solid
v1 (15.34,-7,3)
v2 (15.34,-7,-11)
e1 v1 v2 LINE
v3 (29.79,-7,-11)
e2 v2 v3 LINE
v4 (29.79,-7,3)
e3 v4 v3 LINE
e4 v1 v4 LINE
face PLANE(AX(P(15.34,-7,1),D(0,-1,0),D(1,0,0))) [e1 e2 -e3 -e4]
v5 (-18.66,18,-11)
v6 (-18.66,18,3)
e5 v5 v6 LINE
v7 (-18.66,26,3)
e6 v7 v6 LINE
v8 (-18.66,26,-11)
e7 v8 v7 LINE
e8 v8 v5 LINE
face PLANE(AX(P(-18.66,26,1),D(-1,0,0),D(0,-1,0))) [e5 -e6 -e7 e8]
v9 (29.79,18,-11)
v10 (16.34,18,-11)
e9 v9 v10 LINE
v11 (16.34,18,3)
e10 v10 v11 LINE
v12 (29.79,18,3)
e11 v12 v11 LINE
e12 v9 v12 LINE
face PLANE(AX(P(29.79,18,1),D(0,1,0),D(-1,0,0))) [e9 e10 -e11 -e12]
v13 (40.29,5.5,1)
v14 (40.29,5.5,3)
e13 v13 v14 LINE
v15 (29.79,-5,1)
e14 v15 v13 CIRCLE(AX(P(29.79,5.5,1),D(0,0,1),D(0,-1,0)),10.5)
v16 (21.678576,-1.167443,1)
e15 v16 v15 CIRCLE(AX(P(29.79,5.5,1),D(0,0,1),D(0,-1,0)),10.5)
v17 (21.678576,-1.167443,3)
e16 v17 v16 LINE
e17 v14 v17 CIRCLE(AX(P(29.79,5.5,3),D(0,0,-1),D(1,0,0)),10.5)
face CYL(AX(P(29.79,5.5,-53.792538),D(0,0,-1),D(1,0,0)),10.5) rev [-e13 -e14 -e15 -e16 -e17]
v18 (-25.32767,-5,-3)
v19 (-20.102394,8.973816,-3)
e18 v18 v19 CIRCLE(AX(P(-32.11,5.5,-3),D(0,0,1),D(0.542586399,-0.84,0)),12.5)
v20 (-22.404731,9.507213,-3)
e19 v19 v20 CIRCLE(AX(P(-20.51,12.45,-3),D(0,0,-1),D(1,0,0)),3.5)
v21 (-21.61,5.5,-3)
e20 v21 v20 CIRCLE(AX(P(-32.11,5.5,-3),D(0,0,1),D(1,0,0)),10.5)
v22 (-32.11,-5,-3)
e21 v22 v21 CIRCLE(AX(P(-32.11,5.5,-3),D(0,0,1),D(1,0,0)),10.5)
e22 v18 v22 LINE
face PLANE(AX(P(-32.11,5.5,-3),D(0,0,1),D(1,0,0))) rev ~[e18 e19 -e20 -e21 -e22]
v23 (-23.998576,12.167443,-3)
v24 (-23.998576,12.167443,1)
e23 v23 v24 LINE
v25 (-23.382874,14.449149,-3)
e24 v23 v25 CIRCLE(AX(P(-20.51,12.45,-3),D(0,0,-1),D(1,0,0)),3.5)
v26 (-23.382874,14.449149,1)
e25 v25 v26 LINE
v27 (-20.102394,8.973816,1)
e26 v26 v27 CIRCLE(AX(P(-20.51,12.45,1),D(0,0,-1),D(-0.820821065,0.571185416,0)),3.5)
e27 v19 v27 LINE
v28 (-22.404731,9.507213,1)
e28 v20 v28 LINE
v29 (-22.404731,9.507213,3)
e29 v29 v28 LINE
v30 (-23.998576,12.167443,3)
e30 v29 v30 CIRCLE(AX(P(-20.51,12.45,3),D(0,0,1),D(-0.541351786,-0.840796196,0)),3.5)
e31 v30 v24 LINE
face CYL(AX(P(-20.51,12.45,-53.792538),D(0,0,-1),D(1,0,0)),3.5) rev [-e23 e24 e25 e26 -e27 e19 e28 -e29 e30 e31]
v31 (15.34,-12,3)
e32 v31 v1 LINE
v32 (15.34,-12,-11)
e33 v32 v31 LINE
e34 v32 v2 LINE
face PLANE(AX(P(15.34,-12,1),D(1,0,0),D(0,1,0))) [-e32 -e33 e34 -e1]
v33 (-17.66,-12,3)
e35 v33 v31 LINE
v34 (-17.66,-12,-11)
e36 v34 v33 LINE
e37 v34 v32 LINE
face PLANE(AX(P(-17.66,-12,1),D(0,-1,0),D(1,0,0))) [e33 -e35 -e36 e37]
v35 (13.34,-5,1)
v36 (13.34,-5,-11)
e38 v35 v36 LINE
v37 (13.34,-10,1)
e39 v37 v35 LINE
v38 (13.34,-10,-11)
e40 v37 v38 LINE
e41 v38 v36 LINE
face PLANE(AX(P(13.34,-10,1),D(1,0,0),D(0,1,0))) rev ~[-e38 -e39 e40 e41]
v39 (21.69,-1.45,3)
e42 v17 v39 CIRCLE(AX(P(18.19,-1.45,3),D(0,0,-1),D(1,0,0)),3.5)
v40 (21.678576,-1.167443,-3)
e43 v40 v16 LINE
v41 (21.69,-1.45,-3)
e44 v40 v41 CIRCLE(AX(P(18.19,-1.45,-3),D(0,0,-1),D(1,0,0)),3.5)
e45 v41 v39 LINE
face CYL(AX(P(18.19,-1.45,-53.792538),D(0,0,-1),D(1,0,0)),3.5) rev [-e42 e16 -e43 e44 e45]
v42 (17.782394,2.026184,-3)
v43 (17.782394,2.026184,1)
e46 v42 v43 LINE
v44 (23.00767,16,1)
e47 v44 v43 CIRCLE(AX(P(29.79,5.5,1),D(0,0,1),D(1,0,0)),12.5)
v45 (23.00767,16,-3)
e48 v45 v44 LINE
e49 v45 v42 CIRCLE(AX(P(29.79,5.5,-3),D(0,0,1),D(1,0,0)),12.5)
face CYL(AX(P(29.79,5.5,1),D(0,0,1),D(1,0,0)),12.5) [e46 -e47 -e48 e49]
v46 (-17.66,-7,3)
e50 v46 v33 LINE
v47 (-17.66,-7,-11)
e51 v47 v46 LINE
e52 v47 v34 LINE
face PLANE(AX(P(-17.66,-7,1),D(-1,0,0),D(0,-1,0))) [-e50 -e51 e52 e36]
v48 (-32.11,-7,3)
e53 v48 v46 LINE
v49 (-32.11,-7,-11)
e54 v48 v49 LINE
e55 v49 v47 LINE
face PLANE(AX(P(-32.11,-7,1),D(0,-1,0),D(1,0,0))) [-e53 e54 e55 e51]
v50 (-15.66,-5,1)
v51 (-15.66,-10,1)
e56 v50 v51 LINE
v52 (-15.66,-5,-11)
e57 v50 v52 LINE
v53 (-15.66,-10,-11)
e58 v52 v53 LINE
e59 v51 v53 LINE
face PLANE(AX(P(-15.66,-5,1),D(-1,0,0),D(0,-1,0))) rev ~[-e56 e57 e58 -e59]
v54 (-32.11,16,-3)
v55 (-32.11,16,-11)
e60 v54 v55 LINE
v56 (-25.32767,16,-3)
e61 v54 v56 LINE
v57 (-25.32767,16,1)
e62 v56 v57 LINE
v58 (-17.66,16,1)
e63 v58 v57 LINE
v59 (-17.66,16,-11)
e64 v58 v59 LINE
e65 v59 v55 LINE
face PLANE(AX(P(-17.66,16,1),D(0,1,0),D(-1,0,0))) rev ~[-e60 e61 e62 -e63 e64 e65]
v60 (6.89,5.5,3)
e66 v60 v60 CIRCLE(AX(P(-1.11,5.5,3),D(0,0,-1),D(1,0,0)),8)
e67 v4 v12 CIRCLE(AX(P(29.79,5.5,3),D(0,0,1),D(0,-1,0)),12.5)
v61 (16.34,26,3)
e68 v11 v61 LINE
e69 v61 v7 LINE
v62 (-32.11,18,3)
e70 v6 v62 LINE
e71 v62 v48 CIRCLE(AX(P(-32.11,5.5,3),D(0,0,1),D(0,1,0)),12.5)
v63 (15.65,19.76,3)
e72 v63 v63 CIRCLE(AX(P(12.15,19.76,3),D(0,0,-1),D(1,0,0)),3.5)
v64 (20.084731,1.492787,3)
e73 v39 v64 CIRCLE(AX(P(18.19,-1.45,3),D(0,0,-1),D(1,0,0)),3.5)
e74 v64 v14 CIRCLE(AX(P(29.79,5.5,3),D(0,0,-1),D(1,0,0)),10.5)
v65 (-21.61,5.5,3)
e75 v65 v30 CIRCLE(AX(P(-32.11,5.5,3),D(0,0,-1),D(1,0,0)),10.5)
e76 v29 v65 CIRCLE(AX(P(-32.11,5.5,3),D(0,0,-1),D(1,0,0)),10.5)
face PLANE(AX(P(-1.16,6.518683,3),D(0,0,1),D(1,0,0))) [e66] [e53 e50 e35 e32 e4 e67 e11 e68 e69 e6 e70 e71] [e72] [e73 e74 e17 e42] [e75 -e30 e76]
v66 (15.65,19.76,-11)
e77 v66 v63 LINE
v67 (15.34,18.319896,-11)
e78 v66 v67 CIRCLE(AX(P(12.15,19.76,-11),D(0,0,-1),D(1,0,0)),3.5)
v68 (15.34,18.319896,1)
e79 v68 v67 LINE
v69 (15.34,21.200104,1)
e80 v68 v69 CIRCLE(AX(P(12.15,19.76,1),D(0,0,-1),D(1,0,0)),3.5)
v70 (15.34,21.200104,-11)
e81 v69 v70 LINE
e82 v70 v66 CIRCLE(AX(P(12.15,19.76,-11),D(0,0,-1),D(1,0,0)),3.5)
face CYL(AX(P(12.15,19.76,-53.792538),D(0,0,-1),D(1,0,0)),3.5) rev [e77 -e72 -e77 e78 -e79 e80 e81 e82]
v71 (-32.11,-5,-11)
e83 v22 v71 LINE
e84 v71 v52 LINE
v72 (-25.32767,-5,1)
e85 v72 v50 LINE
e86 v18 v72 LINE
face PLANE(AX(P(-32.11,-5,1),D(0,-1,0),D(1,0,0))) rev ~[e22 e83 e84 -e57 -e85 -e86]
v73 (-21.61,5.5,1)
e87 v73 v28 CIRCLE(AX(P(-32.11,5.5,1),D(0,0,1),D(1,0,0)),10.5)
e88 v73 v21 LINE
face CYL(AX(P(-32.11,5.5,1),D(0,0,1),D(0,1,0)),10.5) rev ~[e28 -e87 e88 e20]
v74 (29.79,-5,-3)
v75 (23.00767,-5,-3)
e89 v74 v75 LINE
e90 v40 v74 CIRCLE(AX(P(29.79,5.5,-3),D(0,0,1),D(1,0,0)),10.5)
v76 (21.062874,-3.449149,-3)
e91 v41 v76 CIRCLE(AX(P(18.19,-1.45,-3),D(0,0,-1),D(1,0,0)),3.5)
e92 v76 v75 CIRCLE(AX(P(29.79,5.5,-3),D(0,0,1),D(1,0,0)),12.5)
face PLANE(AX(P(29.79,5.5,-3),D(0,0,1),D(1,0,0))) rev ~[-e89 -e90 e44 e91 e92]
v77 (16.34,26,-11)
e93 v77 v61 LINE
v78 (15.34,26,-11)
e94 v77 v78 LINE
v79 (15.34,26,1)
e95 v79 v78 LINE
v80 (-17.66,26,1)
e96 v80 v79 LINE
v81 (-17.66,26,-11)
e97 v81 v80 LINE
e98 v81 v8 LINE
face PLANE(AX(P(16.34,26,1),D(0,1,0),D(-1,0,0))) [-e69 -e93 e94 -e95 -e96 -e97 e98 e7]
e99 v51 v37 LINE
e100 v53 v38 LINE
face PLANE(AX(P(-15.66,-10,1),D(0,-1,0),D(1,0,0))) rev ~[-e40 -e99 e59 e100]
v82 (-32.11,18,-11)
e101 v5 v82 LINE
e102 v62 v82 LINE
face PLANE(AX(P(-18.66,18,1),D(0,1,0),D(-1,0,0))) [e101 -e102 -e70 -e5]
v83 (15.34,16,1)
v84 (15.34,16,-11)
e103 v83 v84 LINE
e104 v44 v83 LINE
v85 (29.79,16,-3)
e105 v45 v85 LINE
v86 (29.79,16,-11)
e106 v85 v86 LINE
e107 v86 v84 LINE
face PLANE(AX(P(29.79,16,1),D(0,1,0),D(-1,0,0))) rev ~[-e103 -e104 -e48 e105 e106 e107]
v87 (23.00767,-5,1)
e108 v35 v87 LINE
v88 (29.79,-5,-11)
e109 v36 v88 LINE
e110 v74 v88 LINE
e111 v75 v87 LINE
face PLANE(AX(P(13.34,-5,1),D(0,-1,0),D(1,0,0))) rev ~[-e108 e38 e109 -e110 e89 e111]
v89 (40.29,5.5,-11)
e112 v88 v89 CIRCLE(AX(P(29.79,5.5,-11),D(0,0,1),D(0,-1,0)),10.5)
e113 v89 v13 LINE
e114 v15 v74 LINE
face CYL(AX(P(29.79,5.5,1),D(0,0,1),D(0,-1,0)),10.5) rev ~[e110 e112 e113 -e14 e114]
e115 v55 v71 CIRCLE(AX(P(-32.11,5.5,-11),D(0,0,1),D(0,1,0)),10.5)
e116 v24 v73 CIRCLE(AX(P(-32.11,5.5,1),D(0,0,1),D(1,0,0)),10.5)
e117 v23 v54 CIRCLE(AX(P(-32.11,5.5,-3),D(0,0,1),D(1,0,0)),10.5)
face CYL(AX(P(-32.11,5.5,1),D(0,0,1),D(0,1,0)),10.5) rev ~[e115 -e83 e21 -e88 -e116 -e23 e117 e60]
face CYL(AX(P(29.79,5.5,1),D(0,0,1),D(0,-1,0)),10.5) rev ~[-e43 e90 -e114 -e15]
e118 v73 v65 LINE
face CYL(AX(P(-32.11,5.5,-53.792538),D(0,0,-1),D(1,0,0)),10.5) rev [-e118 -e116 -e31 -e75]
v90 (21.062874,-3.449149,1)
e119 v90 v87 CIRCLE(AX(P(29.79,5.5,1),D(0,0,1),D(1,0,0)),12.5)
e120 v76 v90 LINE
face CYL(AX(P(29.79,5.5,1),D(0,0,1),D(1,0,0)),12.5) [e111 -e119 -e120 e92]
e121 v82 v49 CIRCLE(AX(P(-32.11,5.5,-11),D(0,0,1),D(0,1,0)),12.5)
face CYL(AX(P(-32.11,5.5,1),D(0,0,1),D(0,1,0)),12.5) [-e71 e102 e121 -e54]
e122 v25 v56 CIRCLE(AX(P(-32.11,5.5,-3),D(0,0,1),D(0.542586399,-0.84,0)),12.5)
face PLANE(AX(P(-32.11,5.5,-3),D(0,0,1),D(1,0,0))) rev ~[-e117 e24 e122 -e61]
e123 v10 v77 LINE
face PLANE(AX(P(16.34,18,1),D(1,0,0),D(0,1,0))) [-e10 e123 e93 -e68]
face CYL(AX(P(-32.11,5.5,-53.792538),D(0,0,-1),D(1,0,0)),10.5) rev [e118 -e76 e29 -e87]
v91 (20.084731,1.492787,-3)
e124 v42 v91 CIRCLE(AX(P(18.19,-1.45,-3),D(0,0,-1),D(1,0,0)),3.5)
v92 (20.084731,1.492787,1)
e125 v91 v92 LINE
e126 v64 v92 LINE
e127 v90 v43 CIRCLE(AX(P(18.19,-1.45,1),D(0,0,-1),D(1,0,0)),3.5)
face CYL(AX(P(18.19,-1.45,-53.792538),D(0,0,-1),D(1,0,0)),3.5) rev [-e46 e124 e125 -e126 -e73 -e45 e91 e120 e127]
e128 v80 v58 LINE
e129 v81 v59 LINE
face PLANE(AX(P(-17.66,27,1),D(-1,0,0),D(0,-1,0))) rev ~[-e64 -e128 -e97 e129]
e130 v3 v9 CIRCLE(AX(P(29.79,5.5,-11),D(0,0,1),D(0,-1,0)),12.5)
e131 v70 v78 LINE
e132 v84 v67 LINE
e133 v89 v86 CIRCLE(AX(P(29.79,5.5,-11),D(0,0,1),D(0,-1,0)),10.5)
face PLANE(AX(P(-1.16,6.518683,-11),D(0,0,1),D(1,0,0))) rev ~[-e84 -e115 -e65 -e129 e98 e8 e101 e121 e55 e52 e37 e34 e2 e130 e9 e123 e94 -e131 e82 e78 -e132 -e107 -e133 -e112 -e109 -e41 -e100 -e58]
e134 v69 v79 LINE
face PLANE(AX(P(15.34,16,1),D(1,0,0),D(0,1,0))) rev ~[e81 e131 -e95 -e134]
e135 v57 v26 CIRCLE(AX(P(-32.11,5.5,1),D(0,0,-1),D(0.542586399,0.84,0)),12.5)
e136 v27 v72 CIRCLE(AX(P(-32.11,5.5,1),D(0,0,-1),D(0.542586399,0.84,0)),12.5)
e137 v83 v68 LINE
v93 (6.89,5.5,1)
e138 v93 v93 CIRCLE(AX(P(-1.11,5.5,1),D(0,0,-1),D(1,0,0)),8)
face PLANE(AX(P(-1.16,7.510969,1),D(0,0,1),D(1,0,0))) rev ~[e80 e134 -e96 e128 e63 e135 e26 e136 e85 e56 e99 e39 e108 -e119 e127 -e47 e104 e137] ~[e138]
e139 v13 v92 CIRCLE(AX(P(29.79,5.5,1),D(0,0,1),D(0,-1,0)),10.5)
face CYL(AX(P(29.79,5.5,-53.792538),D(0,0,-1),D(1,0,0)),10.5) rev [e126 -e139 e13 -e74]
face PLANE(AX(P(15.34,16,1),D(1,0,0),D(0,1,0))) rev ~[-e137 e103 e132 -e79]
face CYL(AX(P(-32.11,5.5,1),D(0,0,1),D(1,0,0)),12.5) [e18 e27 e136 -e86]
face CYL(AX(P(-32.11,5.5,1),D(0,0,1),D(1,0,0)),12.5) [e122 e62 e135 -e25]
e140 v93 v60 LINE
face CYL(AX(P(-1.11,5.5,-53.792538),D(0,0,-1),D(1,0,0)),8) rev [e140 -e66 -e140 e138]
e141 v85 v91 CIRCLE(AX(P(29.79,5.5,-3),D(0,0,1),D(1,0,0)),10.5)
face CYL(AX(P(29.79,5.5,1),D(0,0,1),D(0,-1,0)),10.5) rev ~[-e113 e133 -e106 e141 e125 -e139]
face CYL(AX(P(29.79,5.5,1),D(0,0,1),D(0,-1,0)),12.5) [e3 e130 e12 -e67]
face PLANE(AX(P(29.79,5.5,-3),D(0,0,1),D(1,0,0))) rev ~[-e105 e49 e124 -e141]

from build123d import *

# Parameters (mm, degrees)
FRONT_PLATE_DEPTH                   = 2
SHELL_DEPTH                         = 12
SHELL_HOLLOW_DEPTH                  = 12
SK_IRRINGS_R                        = 12.5
SK_IRRINGS_R_2                      = 10.5
IR_LED_RINGS_DEPTH                  = 4
LENS_LDR_AND_IR_OPENINGS_DEPTH      = 53.792538299
LENS_LDR_AND_IR_OPENINGS_DEPTH_BACK = 53.792538299
SK_FRONTOPENINGS_R                  = 8
SK_FRONTOPENINGS_R_2                = 3.5
SK_FRONTOPENINGS_R_3                = 10.5
IR_BOARD_NOTCHES_DEPTH              = 53.792538299
IR_BOARD_NOTCHES_DEPTH_BACK         = 53.792538299
SK_IRNOTCHES_R                      = 3.5


with BuildPart() as part:
    # Sk_FrontPlate → Front Plate (new body)
    with BuildSketch(Plane.XY.offset(3)):
        with BuildLine():
            Line((29.79, 18), (16.34, 18))
            Line((16.34, 18), (16.34, 26))
            Line((16.34, 26), (-18.66, 26))
            Line((-18.66, 26), (-18.66, 18))
            Line((-18.66, 18), (-32.11, 18))
            ThreePointArc((-32.11, 18), (-44.61, 5.5), (-32.11, -7))
            Line((-32.11, -7), (-17.66, -7))
            Line((-17.66, -7), (-17.66, -12))
            Line((-17.66, -12), (15.34, -12))
            Line((15.34, -12), (15.34, -7))
            Line((15.34, -7), (29.79, -7))
            ThreePointArc((29.79, -7), (42.29, 5.5), (29.79, 18))
        make_face()
    extrude(amount=-FRONT_PLATE_DEPTH)

    # Sk_ShellOuter → Shell (add)
    with BuildSketch(Plane.XY.offset(1)):
        with BuildLine():
            Line((29.79, 18), (16.34, 18))
            Line((16.34, 18), (16.34, 26))
            Line((16.34, 26), (-18.66, 26))
            Line((-18.66, 26), (-18.66, 18))
            Line((-18.66, 18), (-32.11, 18))
            ThreePointArc((-32.11, 18), (-44.61, 5.5), (-32.11, -7))
            Line((-32.11, -7), (-17.66, -7))
            Line((-17.66, -7), (-17.66, -12))
            Line((-17.66, -12), (15.34, -12))
            Line((15.34, -12), (15.34, -7))
            Line((15.34, -7), (29.79, -7))
            ThreePointArc((29.79, -7), (42.29, 5.5), (29.79, 18))
        make_face()
    extrude(amount=-SHELL_DEPTH)

    # Sk_ShellInner → Shell Hollow (cut)
    with BuildSketch(Plane.XY.offset(1)):
        with BuildLine():
            Line((29.79, 16), (15.34, 16))
            Line((15.34, 16), (15.34, 27))
            Line((15.34, 27), (-17.66, 27))
            Line((-17.66, 27), (-17.66, 16))
            Line((-17.66, 16), (-32.11, 16))
            ThreePointArc((-32.11, 16), (-42.61, 5.5), (-32.11, -5))
            Line((-32.11, -5), (-15.66, -5))
            Line((-15.66, -5), (-15.66, -10))
            Line((-15.66, -10), (13.34, -10))
            Line((13.34, -10), (13.34, -5))
            Line((13.34, -5), (29.79, -5))
            ThreePointArc((29.79, -5), (40.29, 5.5), (29.79, 16))
        make_face()
    extrude(amount=-SHELL_HOLLOW_DEPTH, mode=Mode.SUBTRACT)

    # Sk_IRRings → IR LED Rings (add)
    # profile 1 of 2: a face of its own
    with BuildSketch(Plane.XY.offset(1)):
        with Locations((-32.11, 5.5)):
            Circle(SK_IRRINGS_R)
        with Locations((-32.11, 5.5)):
            Circle(SK_IRRINGS_R_2, mode=Mode.SUBTRACT)
    # profile 2 of 2: a face of its own
    with BuildSketch(Plane.XY.offset(1)):
        with Locations((29.79, 5.5)):
            Circle(SK_IRRINGS_R)
        with Locations((29.79, 5.5)):
            Circle(SK_IRRINGS_R_2, mode=Mode.SUBTRACT)
    extrude(amount=-IR_LED_RINGS_DEPTH)

    # Sk_FrontOpenings → Lens, LDR and IR Openings (cut, two sides: drawn at the far end of the back side and taken through both)
    with BuildSketch(Plane.XY.offset(-LENS_LDR_AND_IR_OPENINGS_DEPTH_BACK)):
        with Locations((-1.11, 5.5)):
            Circle(SK_FRONTOPENINGS_R)
        with Locations((12.15, 19.76)):
            Circle(SK_FRONTOPENINGS_R_2)
        with Locations((-32.11, 5.5)):
            Circle(SK_FRONTOPENINGS_R_3)
        with Locations((29.79, 5.5)):
            Circle(SK_FRONTOPENINGS_R_3)
    extrude(amount=LENS_LDR_AND_IR_OPENINGS_DEPTH + LENS_LDR_AND_IR_OPENINGS_DEPTH_BACK, mode=Mode.SUBTRACT)

    # Sk_IRNotches → IR Board Notches (cut, two sides: drawn at the far end of the back side and taken through both)
    with BuildSketch(Plane.XY.offset(-IR_BOARD_NOTCHES_DEPTH_BACK)):
        with Locations((-20.51, 12.45)):
            Circle(SK_IRNOTCHES_R)
        with Locations((18.19, -1.45)):
            Circle(SK_IRNOTCHES_R)
    extrude(amount=IR_BOARD_NOTCHES_DEPTH + IR_BOARD_NOTCHES_DEPTH_BACK, mode=Mode.SUBTRACT)


solid = part.part
